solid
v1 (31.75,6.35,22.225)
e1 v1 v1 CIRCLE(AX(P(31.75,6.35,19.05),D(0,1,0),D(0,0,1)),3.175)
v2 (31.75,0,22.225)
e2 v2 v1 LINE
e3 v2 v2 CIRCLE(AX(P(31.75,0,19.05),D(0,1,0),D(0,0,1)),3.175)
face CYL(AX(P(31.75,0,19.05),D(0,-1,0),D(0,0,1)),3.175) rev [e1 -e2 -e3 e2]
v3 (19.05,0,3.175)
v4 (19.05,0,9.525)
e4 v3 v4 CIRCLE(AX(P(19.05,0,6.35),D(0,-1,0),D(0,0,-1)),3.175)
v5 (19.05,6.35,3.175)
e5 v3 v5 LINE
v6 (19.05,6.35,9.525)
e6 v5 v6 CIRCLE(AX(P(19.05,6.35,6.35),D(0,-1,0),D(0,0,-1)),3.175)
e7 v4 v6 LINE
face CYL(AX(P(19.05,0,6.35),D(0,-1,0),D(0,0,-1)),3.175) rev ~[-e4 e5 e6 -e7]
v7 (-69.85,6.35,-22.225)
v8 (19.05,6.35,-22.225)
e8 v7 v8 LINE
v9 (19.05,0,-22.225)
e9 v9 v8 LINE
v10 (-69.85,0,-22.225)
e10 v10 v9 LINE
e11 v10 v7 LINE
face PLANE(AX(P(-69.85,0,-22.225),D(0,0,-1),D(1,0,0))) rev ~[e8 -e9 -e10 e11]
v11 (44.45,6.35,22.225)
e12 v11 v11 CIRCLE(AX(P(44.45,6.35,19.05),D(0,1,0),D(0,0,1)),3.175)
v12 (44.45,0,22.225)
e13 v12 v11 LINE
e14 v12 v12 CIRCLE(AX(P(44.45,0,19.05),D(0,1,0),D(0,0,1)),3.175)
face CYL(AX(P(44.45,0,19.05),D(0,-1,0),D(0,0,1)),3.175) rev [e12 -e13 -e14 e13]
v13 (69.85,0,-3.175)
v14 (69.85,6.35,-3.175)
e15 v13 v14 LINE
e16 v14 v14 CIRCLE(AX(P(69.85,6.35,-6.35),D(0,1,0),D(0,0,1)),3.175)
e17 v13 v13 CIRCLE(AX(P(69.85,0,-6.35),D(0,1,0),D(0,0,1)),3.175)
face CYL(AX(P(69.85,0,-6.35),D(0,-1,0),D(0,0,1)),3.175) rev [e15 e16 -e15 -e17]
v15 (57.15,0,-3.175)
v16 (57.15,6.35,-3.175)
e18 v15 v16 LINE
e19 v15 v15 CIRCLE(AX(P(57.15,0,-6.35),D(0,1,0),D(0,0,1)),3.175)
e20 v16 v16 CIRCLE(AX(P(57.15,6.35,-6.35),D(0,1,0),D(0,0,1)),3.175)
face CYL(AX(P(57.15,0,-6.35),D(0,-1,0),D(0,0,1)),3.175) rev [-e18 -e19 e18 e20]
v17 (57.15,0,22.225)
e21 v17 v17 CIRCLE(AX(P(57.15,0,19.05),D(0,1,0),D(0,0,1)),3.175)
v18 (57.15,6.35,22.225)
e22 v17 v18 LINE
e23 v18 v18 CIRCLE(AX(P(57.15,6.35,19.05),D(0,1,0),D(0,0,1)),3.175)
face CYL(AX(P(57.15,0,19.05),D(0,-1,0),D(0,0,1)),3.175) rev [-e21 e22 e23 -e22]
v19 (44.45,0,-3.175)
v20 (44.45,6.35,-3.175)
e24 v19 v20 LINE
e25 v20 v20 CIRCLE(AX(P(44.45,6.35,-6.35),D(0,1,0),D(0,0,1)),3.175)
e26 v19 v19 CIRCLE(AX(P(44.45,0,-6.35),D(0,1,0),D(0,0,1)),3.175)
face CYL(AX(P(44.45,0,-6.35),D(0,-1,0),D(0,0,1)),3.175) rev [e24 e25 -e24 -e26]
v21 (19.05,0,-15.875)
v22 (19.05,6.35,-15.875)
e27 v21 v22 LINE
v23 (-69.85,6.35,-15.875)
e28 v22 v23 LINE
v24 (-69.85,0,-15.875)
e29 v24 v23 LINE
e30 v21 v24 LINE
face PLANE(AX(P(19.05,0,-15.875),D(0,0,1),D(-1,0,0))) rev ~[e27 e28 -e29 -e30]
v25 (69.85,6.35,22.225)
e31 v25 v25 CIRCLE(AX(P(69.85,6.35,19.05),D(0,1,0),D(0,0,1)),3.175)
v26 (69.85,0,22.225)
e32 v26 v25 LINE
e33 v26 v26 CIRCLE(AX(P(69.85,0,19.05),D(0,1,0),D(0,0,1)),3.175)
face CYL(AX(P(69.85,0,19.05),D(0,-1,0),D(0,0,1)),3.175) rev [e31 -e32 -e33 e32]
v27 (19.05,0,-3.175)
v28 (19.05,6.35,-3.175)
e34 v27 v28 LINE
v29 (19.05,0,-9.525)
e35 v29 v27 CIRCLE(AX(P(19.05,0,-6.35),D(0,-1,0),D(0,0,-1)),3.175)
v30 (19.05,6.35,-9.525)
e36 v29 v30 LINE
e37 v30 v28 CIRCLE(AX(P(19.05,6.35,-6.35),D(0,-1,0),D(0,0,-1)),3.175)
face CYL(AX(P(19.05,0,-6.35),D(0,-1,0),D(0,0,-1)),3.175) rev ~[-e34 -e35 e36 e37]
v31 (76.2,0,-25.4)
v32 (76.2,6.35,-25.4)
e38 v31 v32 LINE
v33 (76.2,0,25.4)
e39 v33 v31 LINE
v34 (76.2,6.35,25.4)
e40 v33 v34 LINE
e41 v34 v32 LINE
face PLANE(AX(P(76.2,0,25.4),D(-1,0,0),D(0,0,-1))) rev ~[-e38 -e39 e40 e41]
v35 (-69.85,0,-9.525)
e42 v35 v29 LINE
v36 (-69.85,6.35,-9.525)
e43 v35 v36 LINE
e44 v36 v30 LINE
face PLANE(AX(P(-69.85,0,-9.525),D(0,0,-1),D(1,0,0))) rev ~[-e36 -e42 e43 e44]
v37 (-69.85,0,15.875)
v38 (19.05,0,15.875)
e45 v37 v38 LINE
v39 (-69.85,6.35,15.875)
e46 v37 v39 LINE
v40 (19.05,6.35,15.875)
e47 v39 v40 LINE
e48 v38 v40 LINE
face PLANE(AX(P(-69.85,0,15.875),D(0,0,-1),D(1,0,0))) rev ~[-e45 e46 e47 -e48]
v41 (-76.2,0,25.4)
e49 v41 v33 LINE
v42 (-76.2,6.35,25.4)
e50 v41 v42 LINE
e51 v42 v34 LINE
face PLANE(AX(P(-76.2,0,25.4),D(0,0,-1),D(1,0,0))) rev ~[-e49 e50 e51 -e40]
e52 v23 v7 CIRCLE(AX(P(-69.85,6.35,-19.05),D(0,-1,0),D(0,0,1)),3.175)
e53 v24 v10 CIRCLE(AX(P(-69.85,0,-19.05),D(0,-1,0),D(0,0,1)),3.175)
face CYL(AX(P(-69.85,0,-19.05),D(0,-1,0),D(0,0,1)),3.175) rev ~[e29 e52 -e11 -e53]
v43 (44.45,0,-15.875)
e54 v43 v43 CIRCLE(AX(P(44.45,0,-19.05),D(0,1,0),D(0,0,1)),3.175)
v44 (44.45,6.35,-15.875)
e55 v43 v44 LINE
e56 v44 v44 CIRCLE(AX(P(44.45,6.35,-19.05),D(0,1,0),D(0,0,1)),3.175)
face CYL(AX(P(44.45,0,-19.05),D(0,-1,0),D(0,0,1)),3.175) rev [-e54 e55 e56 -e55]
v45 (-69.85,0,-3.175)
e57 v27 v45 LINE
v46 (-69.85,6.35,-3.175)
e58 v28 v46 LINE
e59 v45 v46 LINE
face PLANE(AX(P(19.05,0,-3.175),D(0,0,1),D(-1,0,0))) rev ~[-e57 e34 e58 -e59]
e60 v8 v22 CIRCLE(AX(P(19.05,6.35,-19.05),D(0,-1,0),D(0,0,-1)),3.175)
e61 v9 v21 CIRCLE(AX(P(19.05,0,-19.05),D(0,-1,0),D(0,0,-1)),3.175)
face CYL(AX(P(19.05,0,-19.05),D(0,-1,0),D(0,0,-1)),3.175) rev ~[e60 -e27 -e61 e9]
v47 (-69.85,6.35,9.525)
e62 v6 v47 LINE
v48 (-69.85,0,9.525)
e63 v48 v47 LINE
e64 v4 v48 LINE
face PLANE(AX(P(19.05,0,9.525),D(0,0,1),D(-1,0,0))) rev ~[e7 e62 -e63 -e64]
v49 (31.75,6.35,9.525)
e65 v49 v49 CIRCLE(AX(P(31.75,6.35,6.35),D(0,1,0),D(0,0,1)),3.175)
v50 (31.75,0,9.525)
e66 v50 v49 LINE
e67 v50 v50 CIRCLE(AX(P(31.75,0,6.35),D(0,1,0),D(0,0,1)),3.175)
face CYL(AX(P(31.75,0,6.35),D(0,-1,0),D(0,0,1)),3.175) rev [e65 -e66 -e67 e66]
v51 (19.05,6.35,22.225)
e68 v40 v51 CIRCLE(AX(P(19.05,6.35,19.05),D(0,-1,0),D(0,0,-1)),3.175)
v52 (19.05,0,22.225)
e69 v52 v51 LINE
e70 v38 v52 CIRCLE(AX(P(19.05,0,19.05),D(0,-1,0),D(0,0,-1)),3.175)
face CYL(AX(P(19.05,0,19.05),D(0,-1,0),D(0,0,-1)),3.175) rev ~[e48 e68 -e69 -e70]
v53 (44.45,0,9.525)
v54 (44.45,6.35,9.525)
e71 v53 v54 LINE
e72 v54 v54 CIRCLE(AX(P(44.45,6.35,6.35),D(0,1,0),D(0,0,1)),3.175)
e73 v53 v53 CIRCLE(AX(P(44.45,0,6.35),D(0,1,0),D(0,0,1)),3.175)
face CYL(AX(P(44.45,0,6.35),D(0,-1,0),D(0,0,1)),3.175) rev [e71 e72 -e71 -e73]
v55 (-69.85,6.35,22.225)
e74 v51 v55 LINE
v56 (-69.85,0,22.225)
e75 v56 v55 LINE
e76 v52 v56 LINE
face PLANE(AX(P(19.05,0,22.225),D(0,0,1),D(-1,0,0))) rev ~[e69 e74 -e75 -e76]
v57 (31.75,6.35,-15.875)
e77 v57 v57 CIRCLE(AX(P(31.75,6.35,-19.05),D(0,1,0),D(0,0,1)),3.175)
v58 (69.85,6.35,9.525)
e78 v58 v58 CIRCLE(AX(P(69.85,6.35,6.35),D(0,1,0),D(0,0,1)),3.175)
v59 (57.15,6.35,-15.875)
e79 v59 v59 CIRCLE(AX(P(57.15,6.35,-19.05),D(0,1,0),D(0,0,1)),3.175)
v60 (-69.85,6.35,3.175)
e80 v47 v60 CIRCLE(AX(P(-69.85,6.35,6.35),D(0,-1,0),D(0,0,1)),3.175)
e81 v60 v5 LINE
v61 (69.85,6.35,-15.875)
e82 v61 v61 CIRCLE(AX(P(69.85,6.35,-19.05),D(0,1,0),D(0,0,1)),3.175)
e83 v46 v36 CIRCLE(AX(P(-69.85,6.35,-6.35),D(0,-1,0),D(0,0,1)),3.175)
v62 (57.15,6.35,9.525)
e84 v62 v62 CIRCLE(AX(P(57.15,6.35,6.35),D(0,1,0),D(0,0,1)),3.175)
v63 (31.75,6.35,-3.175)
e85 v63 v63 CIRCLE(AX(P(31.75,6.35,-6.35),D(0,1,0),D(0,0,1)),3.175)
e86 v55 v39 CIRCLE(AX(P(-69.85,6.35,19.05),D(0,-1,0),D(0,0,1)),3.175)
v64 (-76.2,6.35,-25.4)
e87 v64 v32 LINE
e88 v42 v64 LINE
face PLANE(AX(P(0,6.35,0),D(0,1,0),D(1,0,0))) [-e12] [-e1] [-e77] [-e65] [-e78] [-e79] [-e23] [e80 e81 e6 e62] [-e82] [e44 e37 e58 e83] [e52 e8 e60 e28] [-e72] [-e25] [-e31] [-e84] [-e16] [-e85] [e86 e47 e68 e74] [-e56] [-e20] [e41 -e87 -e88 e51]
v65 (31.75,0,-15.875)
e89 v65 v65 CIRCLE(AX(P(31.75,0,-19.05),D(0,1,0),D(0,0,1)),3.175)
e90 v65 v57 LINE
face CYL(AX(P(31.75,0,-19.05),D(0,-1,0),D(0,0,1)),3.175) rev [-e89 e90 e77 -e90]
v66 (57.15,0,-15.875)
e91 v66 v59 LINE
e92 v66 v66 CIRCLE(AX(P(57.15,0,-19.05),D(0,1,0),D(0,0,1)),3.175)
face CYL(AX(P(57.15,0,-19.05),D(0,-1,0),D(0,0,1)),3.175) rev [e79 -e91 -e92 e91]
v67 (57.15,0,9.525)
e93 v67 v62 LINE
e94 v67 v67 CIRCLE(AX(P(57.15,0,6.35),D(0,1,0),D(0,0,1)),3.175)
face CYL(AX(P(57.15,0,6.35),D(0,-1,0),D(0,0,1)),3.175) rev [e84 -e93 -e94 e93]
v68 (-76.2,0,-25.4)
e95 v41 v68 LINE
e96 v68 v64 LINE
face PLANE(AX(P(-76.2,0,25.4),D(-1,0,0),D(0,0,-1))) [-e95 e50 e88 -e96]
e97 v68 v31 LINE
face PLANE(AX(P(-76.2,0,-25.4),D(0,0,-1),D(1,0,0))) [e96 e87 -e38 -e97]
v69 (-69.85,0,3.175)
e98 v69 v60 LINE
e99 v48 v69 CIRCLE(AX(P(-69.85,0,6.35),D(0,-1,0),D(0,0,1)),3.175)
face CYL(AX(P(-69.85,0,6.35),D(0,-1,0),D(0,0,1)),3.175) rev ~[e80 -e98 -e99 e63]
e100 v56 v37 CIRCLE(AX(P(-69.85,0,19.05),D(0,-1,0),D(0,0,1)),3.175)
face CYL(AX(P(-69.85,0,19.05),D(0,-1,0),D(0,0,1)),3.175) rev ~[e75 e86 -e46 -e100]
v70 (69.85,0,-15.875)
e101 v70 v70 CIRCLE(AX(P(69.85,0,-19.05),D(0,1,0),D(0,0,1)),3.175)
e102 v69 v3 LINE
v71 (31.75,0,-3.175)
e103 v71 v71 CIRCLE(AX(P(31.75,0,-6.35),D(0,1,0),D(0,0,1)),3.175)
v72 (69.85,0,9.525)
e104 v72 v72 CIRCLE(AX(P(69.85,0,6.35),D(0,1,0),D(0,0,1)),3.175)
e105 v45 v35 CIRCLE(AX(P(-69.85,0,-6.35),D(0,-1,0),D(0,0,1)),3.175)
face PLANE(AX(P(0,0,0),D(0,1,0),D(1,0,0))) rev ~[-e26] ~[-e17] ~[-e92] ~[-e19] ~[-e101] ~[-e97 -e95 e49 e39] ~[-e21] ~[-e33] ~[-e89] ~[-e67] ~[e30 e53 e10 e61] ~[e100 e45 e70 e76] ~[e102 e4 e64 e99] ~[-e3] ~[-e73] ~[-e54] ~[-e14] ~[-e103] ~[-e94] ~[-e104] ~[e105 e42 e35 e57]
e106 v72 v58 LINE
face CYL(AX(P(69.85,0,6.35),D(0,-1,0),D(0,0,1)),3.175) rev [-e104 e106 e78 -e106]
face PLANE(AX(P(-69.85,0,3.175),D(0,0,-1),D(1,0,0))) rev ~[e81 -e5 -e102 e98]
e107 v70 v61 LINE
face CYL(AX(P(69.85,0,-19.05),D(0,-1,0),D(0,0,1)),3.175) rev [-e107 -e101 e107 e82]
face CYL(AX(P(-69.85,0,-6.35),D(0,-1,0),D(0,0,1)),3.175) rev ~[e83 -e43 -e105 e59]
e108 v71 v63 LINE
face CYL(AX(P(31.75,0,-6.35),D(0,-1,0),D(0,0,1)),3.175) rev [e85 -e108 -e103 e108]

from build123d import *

# Parameters (mm, degrees)
SKETCH1_W           = 152.4
SKETCH1_H           = 50.8
SKETCH1_R           = 3.175
BOSS_EXTRUDE1_DEPTH = 6.35


with BuildPart() as part:
    # Sketch1 → Boss-Extrude1 (new body)
    with BuildSketch(Plane(origin=(0, 0, 0), x_dir=(1, 0, 0), z_dir=(0, 1, 0))):
        Rectangle(SKETCH1_W, SKETCH1_H)
        with Locations(Location((31.75, 19.05, 0), (0, 0, 270))):
            Circle(SKETCH1_R, mode=Mode.SUBTRACT)
        with Locations(Location((44.45, 19.05, 0), (0, 0, 270))):
            Circle(SKETCH1_R, mode=Mode.SUBTRACT)
        with Locations(Location((57.15, 19.05, 0), (0, 0, 270))):
            Circle(SKETCH1_R, mode=Mode.SUBTRACT)
        with Locations(Location((31.75, 6.35, 0), (0, 0, 270))):
            Circle(SKETCH1_R, mode=Mode.SUBTRACT)
        with Locations(Location((44.45, 6.35, 0), (0, 0, 270))):
            Circle(SKETCH1_R, mode=Mode.SUBTRACT)
        with Locations(Location((57.15, 6.35, 0), (0, 0, 270))):
            Circle(SKETCH1_R, mode=Mode.SUBTRACT)
        with Locations(Location((69.85, 6.35, 0), (0, 0, 270))):
            Circle(SKETCH1_R, mode=Mode.SUBTRACT)
        with Locations(Location((31.75, -6.35, 0), (0, 0, 270))):
            Circle(SKETCH1_R, mode=Mode.SUBTRACT)
        with Locations(Location((44.45, -6.35, 0), (0, 0, 270))):
            Circle(SKETCH1_R, mode=Mode.SUBTRACT)
        with Locations(Location((57.15, -6.35, 0), (0, 0, 270))):
            Circle(SKETCH1_R, mode=Mode.SUBTRACT)
        with Locations(Location((69.85, -6.35, 0), (0, 0, 270))):
            Circle(SKETCH1_R, mode=Mode.SUBTRACT)
        with Locations(Location((31.75, -19.05, 0), (0, 0, 270))):
            Circle(SKETCH1_R, mode=Mode.SUBTRACT)
        with Locations(Location((69.85, 19.05, 0), (0, 0, 270))):
            Circle(SKETCH1_R, mode=Mode.SUBTRACT)
        with Locations(Location((44.45, -19.05, 0), (0, 0, 270))):
            Circle(SKETCH1_R, mode=Mode.SUBTRACT)
        with Locations(Location((57.15, -19.05, 0), (0, 0, 270))):
            Circle(SKETCH1_R, mode=Mode.SUBTRACT)
        with Locations(Location((69.85, -19.05, 0), (0, 0, 270))):
            Circle(SKETCH1_R, mode=Mode.SUBTRACT)
        with BuildLine():
            Line((-69.85, 22.225), (19.05, 22.225))
            ThreePointArc((19.05, 22.225), (22.225, 19.05), (19.05, 15.875))
            Line((19.05, 15.875), (-69.85, 15.875))
            ThreePointArc((-69.85, 15.875), (-73.025, 19.05), (-69.85, 22.225))
        make_face(mode=Mode.SUBTRACT)
        with BuildLine():
            Line((19.05, 3.175), (-69.85, 3.175))
            ThreePointArc((-69.85, 3.175), (-73.025, 6.35), (-69.85, 9.525))
            Line((-69.85, 9.525), (19.05, 9.525))
            ThreePointArc((19.05, 9.525), (22.225, 6.35), (19.05, 3.175))
        make_face(mode=Mode.SUBTRACT)
        with BuildLine():
            Line((19.05, -9.525), (-69.85, -9.525))
            ThreePointArc((-69.85, -9.525), (-73.025, -6.35), (-69.85, -3.175))
            Line((-69.85, -3.175), (19.05, -3.175))
            ThreePointArc((19.05, -3.175), (22.225, -6.35), (19.05, -9.525))
        make_face(mode=Mode.SUBTRACT)
        with BuildLine():
            Line((19.05, -22.225), (-69.85, -22.225))
            ThreePointArc((-69.85, -22.225), (-73.025, -19.05), (-69.85, -15.875))
            Line((-69.85, -15.875), (19.05, -15.875))
            ThreePointArc((19.05, -15.875), (22.225, -19.05), (19.05, -22.225))
        make_face(mode=Mode.SUBTRACT)
    extrude(amount=BOSS_EXTRUDE1_DEPTH)


solid = part.part
